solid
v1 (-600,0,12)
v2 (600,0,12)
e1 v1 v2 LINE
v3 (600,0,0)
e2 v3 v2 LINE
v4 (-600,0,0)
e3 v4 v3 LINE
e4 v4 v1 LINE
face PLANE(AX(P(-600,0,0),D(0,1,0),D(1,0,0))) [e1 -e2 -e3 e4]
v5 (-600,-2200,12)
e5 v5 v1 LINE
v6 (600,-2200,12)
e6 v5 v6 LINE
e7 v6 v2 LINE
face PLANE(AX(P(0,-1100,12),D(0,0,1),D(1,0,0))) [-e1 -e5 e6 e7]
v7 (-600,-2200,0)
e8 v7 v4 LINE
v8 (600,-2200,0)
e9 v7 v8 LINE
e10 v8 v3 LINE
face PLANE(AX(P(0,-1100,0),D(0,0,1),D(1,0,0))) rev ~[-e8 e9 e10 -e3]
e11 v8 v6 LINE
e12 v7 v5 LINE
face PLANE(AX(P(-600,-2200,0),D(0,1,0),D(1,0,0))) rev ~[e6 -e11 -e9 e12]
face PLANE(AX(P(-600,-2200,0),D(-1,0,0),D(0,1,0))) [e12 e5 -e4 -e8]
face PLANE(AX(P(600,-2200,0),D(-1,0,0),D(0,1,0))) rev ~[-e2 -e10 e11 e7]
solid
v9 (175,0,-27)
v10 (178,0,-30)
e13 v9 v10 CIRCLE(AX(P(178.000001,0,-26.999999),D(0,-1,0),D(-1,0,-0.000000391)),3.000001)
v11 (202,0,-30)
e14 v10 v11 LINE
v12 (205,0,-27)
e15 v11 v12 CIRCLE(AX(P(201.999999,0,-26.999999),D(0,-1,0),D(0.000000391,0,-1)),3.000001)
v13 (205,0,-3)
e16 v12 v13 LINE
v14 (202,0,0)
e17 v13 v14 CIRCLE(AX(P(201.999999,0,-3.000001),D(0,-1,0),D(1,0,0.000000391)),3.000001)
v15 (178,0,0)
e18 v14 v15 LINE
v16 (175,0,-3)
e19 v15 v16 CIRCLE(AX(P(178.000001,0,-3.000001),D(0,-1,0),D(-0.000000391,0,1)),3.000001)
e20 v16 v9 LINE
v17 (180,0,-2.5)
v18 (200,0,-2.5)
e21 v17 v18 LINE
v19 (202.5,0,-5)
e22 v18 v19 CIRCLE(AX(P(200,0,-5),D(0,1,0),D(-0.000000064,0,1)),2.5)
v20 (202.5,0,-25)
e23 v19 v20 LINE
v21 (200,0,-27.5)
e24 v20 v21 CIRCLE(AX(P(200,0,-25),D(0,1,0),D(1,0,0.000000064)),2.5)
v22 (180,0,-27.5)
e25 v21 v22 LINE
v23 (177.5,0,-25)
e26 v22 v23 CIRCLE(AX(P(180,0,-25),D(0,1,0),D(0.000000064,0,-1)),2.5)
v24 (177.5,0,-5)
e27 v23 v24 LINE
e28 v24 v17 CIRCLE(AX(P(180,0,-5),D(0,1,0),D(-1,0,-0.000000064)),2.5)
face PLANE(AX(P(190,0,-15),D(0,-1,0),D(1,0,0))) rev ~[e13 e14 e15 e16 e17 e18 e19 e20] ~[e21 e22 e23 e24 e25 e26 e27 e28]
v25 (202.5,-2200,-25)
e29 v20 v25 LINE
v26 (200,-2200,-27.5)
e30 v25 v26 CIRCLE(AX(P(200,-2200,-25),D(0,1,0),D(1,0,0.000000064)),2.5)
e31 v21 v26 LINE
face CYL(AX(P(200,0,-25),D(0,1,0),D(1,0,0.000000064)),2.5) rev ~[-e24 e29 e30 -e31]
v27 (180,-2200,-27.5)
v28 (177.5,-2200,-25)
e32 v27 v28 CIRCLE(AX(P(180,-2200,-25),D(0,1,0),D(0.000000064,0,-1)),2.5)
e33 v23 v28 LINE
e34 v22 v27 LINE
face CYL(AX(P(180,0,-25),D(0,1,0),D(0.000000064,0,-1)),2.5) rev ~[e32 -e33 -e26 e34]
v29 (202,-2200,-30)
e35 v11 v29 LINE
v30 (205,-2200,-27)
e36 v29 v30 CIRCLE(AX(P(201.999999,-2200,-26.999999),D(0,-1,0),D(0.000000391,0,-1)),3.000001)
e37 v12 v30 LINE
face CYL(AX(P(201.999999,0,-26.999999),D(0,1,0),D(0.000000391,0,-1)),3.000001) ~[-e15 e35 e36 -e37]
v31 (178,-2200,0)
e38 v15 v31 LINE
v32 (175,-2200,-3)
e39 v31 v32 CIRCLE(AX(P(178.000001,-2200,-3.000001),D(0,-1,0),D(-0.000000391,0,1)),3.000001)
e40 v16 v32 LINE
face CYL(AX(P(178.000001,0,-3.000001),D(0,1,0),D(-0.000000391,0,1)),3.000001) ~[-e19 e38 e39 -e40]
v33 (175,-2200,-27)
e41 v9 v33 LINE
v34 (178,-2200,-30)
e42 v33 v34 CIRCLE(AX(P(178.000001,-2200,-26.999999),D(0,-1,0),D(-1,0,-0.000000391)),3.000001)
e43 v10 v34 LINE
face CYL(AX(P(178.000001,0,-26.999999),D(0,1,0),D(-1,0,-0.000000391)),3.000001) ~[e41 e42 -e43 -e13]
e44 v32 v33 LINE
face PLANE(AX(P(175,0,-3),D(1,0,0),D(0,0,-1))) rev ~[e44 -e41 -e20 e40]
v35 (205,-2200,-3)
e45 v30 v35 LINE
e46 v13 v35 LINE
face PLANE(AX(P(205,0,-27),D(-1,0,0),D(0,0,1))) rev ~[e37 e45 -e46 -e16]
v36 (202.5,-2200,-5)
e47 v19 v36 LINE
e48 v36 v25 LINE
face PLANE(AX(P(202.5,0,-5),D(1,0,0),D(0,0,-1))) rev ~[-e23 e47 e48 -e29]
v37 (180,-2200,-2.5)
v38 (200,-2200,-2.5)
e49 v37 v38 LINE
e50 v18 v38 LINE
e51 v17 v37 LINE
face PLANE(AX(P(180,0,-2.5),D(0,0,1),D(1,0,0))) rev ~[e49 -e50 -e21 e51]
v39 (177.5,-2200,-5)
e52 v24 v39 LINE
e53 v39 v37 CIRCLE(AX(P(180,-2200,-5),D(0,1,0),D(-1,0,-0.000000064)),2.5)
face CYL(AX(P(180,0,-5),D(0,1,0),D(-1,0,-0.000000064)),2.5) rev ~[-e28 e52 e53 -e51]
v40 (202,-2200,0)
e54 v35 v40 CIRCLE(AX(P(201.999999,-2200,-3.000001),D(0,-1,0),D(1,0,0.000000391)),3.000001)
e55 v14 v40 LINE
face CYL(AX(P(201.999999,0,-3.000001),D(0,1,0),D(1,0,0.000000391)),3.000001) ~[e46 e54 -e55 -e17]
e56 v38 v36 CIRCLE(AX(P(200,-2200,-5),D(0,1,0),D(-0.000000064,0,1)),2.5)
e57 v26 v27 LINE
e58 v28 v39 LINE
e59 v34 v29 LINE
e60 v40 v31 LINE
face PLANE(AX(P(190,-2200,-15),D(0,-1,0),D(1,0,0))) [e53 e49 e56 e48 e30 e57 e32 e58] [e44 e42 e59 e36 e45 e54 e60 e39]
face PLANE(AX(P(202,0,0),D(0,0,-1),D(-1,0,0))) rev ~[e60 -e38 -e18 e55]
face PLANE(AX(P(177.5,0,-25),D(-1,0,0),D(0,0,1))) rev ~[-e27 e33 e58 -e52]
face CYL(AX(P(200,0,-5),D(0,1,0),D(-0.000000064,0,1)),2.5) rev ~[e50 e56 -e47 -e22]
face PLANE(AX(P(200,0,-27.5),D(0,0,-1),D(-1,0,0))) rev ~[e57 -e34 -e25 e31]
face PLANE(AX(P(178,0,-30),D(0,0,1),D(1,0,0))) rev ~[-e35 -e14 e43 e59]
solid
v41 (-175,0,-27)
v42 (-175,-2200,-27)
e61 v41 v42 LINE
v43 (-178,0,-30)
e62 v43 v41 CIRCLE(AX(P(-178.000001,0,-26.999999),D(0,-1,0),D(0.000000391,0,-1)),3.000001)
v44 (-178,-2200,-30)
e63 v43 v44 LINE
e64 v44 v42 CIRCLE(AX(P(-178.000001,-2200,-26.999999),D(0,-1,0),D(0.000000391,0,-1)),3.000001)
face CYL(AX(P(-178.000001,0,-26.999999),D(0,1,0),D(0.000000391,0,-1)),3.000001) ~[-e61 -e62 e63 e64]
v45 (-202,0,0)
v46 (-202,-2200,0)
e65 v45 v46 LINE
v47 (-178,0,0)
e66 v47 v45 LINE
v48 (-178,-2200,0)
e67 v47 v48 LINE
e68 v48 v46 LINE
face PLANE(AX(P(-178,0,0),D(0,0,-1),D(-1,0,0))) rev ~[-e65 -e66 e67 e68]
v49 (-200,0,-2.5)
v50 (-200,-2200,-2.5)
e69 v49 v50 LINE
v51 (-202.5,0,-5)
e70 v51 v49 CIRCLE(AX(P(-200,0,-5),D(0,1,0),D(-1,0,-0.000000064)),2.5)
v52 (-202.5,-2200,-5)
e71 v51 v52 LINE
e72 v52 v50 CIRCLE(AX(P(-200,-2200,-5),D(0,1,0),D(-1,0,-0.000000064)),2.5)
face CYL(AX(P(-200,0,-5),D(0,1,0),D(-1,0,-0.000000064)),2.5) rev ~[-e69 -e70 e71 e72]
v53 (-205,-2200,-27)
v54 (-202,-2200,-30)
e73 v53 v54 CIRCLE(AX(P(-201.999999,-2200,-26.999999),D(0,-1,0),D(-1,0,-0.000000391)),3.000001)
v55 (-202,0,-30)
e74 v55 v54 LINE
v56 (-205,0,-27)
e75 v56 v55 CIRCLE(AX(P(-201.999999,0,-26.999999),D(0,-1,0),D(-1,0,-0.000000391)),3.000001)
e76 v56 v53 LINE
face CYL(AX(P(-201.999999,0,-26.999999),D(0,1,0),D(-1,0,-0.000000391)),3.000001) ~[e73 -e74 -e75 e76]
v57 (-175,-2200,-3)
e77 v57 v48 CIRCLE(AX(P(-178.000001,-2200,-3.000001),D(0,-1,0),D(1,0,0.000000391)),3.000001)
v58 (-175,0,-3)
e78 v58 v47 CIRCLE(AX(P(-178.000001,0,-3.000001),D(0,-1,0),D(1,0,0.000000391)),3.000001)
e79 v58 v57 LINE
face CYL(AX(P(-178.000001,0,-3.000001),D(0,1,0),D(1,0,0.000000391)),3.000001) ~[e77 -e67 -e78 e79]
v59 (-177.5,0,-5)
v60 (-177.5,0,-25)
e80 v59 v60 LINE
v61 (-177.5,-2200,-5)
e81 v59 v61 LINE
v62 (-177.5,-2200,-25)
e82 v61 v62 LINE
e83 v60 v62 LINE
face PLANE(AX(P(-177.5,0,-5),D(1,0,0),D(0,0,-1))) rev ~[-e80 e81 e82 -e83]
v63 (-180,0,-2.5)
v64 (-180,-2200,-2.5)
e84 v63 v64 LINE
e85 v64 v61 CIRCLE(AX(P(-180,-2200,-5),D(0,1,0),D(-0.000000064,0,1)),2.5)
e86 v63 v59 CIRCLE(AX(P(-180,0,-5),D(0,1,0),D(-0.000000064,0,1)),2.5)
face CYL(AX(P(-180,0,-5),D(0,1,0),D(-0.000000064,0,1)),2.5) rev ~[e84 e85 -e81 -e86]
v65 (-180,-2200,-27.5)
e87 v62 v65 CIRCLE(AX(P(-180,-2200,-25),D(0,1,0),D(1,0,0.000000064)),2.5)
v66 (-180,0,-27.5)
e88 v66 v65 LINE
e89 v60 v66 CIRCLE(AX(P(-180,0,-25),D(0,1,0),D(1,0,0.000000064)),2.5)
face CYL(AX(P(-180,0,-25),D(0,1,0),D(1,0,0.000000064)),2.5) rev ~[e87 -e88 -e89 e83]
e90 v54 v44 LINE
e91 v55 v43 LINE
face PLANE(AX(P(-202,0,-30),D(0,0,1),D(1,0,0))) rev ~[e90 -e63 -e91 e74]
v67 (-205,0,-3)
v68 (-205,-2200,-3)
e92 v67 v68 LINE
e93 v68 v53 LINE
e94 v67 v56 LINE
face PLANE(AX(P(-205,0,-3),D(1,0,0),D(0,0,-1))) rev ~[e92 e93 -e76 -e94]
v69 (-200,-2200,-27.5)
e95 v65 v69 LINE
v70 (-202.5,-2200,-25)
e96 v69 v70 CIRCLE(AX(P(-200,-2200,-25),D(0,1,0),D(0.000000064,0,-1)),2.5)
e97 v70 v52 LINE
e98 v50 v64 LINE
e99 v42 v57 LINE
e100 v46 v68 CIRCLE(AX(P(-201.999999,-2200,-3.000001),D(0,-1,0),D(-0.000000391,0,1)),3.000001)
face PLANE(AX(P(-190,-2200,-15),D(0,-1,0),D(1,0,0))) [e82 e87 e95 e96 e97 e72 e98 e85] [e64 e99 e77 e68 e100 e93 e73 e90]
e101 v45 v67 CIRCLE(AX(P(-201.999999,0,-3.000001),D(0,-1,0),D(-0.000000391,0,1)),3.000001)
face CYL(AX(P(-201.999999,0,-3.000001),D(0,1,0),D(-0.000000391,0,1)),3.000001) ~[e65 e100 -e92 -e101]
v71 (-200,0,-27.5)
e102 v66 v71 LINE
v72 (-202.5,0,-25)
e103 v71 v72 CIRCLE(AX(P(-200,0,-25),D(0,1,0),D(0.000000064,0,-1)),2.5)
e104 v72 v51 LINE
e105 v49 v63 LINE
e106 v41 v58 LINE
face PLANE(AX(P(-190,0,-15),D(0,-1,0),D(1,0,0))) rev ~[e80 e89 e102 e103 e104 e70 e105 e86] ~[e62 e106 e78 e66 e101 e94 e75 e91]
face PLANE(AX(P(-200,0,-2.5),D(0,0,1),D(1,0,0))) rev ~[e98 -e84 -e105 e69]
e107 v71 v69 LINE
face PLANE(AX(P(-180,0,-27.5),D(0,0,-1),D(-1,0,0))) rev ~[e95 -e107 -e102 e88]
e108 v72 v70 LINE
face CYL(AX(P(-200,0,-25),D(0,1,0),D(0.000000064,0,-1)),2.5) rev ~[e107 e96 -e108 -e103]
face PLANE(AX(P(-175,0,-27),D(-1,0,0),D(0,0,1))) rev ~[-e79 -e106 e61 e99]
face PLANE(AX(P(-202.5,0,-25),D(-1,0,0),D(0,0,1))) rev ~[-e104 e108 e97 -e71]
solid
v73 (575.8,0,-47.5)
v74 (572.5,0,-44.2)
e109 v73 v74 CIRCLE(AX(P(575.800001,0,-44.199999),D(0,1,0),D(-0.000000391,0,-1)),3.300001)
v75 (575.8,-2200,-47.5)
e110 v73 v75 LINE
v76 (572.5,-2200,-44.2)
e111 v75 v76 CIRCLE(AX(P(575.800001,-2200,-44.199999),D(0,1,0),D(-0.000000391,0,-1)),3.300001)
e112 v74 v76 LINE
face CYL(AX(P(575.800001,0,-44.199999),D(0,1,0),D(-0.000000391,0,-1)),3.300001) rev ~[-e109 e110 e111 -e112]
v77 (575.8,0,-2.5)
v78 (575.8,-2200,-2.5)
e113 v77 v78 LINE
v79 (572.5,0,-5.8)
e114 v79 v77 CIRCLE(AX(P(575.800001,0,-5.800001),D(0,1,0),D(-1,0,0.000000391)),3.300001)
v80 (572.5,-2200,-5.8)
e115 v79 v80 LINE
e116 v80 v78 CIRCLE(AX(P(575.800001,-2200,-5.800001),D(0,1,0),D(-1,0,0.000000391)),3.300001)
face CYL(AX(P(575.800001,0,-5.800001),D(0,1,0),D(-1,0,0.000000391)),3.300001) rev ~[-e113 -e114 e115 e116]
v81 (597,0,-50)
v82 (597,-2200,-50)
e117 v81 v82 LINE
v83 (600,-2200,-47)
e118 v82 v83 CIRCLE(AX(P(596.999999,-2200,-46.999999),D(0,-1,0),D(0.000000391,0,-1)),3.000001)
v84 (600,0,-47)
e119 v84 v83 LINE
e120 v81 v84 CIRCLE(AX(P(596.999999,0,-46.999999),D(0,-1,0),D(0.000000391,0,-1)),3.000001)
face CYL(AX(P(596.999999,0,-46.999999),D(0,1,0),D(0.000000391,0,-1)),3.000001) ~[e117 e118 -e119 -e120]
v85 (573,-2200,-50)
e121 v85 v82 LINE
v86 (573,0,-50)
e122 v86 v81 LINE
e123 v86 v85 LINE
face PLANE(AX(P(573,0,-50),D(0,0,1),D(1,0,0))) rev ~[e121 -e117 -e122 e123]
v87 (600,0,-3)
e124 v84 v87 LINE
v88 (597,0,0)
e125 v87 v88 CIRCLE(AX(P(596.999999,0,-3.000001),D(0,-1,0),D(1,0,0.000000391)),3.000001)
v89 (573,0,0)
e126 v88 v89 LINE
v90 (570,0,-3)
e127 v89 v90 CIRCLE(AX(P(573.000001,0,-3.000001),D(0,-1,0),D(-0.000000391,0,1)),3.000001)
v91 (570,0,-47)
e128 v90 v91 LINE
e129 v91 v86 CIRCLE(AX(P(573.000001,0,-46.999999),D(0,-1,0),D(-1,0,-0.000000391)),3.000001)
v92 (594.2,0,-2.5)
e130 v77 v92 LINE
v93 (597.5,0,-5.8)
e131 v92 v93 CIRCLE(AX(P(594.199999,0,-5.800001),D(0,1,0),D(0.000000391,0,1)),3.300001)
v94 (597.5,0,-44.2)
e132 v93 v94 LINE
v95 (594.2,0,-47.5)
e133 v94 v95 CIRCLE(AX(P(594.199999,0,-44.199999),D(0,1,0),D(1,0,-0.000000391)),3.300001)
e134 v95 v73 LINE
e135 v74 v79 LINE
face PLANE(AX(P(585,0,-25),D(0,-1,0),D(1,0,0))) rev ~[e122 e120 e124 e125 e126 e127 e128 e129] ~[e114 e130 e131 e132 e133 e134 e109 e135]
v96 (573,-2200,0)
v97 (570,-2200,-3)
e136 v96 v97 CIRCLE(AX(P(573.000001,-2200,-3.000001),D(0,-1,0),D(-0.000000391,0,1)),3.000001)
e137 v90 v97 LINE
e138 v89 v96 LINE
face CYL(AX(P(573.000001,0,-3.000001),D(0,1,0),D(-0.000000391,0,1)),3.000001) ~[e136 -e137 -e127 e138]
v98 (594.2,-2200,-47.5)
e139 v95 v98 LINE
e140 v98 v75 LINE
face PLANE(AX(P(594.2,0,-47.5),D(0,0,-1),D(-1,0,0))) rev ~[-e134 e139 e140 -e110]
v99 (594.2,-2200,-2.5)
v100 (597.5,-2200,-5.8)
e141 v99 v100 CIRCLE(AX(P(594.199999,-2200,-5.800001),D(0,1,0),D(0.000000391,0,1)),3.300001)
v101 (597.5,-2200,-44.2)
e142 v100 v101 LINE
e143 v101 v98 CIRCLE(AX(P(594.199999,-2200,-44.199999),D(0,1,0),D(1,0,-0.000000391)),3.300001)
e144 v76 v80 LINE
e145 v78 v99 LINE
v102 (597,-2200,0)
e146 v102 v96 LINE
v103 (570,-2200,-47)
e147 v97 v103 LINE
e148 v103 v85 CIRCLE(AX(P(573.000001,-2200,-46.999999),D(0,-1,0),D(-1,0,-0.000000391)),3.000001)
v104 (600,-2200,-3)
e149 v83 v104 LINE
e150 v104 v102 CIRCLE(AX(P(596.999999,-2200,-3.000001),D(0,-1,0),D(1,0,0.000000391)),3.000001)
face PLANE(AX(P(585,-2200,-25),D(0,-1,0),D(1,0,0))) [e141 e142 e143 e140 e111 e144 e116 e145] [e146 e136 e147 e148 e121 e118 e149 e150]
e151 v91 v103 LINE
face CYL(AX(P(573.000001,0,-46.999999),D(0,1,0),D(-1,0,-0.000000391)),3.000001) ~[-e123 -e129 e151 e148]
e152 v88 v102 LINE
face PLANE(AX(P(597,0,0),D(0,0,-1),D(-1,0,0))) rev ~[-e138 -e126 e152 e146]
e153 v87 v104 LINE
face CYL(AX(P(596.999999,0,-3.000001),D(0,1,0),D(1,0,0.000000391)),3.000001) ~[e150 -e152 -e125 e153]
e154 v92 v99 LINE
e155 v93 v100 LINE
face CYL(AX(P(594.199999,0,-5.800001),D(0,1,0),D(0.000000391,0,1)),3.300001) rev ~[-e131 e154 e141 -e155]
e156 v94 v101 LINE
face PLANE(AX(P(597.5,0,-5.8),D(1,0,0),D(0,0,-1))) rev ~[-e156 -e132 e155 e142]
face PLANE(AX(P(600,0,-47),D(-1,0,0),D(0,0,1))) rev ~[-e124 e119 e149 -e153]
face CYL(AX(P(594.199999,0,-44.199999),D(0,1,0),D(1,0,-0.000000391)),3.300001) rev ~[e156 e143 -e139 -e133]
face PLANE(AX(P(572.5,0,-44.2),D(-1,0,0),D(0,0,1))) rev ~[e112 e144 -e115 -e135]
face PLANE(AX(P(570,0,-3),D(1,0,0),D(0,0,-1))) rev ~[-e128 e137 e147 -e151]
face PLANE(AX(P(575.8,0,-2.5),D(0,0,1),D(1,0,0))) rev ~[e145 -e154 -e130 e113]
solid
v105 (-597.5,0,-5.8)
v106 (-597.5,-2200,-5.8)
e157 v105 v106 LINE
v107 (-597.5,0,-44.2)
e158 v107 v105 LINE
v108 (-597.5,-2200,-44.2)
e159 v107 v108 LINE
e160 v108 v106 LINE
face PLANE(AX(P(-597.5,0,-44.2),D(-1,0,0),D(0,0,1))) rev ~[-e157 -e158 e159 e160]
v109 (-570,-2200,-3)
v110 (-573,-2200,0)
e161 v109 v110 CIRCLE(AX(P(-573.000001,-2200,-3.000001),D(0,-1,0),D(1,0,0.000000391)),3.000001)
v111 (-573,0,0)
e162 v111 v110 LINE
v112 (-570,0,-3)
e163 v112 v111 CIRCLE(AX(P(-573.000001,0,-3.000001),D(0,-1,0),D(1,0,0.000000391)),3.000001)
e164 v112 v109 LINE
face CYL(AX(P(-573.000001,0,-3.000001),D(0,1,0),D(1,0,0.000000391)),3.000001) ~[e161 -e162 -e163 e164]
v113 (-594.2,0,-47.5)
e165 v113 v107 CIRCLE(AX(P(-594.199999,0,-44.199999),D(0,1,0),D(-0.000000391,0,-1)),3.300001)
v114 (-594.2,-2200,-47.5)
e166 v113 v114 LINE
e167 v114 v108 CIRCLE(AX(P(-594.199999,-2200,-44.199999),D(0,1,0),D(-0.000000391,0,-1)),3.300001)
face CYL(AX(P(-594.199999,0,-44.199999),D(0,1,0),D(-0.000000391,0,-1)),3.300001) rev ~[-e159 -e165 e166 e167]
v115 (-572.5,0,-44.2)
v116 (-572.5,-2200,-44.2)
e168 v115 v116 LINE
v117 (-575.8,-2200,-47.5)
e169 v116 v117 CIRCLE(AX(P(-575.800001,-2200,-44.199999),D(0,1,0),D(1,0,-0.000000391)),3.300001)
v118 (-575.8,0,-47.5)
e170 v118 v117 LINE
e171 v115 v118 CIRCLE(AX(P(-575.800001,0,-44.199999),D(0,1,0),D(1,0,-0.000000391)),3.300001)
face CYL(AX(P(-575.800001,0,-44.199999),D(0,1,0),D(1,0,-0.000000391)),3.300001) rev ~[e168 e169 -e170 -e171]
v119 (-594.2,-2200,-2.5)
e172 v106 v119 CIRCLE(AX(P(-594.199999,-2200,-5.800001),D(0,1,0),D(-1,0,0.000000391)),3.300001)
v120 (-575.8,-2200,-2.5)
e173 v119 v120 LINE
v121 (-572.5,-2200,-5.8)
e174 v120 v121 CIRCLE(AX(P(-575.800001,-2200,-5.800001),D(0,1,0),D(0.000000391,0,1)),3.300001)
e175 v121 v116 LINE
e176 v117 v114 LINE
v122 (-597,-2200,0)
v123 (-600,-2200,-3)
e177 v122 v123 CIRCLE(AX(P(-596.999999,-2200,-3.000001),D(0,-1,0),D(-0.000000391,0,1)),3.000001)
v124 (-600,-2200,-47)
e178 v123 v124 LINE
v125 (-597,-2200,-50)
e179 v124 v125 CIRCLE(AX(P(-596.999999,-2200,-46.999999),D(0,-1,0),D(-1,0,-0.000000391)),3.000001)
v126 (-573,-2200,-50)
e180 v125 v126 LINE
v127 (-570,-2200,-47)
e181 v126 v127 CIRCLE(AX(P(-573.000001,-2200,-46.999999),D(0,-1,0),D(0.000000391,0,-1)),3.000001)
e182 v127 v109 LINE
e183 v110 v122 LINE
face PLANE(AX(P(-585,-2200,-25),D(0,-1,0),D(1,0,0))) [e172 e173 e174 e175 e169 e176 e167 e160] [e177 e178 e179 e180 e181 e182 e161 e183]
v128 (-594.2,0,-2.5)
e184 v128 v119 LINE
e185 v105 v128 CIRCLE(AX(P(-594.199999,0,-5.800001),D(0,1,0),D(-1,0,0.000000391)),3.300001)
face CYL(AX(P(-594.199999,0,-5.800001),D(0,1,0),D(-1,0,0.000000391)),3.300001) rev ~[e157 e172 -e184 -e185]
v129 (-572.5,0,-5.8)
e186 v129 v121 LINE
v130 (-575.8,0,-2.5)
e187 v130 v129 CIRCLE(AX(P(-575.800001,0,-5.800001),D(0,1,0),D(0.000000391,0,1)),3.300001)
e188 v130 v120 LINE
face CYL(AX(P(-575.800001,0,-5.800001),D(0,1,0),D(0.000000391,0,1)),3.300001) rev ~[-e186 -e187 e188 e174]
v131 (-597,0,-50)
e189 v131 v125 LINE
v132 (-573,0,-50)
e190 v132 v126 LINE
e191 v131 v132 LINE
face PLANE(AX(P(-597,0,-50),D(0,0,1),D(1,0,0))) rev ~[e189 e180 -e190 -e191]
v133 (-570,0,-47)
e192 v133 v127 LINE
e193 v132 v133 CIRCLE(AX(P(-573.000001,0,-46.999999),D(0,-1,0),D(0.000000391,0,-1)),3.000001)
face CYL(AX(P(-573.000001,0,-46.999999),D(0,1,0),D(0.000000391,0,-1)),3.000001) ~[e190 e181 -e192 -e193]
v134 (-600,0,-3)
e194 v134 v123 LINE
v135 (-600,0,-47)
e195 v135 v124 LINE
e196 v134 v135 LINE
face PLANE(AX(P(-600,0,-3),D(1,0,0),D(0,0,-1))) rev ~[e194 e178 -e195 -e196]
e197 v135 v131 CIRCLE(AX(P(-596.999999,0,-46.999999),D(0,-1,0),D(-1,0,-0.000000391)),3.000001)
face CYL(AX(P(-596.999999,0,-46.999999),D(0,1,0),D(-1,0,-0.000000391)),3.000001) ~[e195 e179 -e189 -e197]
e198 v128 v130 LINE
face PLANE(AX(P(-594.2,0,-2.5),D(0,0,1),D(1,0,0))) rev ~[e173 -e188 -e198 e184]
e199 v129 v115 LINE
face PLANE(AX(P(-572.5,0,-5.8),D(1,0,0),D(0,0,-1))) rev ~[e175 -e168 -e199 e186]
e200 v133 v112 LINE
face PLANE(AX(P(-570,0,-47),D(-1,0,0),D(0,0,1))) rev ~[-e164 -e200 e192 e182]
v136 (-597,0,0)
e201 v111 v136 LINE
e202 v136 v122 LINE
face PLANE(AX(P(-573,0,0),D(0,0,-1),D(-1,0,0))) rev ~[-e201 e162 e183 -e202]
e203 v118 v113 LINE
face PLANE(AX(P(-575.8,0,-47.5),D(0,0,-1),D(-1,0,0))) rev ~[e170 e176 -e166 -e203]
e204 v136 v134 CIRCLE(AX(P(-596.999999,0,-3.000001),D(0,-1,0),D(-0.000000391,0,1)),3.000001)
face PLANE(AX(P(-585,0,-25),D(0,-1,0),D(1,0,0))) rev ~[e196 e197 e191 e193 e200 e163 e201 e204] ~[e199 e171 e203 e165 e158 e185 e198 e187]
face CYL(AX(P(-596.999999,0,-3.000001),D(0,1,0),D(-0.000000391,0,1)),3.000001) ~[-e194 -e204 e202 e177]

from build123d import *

# Parameters (mm, degrees)
F1_DEPTH = 2200
F2_W     = 1200
F2_H     = 2200
F3_DEPTH = 12


with BuildPart() as f1:
    # F0 (on Front) → F1 (new body)
    with BuildSketch(Plane.XZ):
        with BuildLine():
            ThreePointArc((-175, -3), (-175.87868, -0.87868), (-178, 0))
            Line((-178, 0), (-202, 0))
            ThreePointArc((-202, 0), (-204.12132, -0.87868), (-205, -3))
            Line((-205, -3), (-205, -27))
            ThreePointArc((-205, -27), (-204.12132, -29.12132), (-202, -30))
            Line((-202, -30), (-178, -30))
            ThreePointArc((-178, -30), (-175.87868, -29.12132), (-175, -27))
            Line((-175, -27), (-175, -3))
        make_face()
        with BuildLine():
            ThreePointArc((-180, -2.5), (-178.232233, -3.232233), (-177.5, -5))
            Line((-177.5, -5), (-177.5, -25))
            ThreePointArc((-177.5, -25), (-178.232233, -26.767767), (-180, -27.5))
            Line((-180, -27.5), (-200, -27.5))
            ThreePointArc((-200, -27.5), (-201.767767, -26.767767), (-202.5, -25))
            Line((-202.5, -25), (-202.5, -5))
            ThreePointArc((-202.5, -5), (-201.767767, -3.232233), (-200, -2.5))
            Line((-200, -2.5), (-180, -2.5))
        make_face(mode=Mode.SUBTRACT)
        with BuildLine():
            Line((-573, 0), (-597, 0))
            ThreePointArc((-597, 0), (-599.12132, -0.87868), (-600, -3))
            Line((-600, -3), (-600, -47))
            ThreePointArc((-600, -47), (-599.12132, -49.12132), (-597, -50))
            Line((-597, -50), (-573, -50))
            ThreePointArc((-573, -50), (-570.87868, -49.12132), (-570, -47))
            Line((-570, -47), (-570, -3))
            ThreePointArc((-570, -3), (-570.87868, -0.87868), (-573, 0))
        make_face()
        with BuildLine():
            ThreePointArc((-575.8, -2.5), (-573.466548, -3.466548), (-572.5, -5.8))
            Line((-572.5, -5.8), (-572.5, -44.2))
            ThreePointArc((-572.5, -44.2), (-573.466548, -46.533452), (-575.8, -47.5))
            Line((-575.8, -47.5), (-594.2, -47.5))
            ThreePointArc((-594.2, -47.5), (-596.533452, -46.533452), (-597.5, -44.2))
            Line((-597.5, -44.2), (-597.5, -5.8))
            ThreePointArc((-597.5, -5.8), (-596.533452, -3.466548), (-594.2, -2.5))
            Line((-594.2, -2.5), (-575.8, -2.5))
        make_face(mode=Mode.SUBTRACT)
        with BuildLine():
            ThreePointArc((175, -27), (175.87868, -29.12132), (178, -30))
            Line((178, -30), (202, -30))
            ThreePointArc((202, -30), (204.12132, -29.12132), (205, -27))
            Line((205, -27), (205, -3))
            ThreePointArc((205, -3), (204.12132, -0.87868), (202, 0))
            Line((202, 0), (178, 0))
            ThreePointArc((178, 0), (175.87868, -0.87868), (175, -3))
            Line((175, -3), (175, -27))
        make_face()
        with BuildLine():
            Line((202.5, -5), (202.5, -25))
            ThreePointArc((202.5, -25), (201.767767, -26.767767), (200, -27.5))
            Line((200, -27.5), (180, -27.5))
            ThreePointArc((180, -27.5), (178.232233, -26.767767), (177.5, -25))
            Line((177.5, -25), (177.5, -5))
            ThreePointArc((177.5, -5), (178.232233, -3.232233), (180, -2.5))
            Line((180, -2.5), (200, -2.5))
            ThreePointArc((200, -2.5), (201.767767, -3.232233), (202.5, -5))
        make_face(mode=Mode.SUBTRACT)
        with BuildLine():
            ThreePointArc((600, -3), (599.12132, -0.87868), (597, 0))
            Line((597, 0), (573, 0))
            ThreePointArc((573, 0), (570.87868, -0.87868), (570, -3))
            Line((570, -3), (570, -47))
            ThreePointArc((570, -47), (570.87868, -49.12132), (573, -50))
            Line((573, -50), (597, -50))
            ThreePointArc((597, -50), (599.12132, -49.12132), (600, -47))
            Line((600, -47), (600, -3))
        make_face()
        with BuildLine():
            Line((575.8, -2.5), (594.2, -2.5))
            ThreePointArc((594.2, -2.5), (596.533452, -3.466548), (597.5, -5.8))
            Line((597.5, -5.8), (597.5, -44.2))
            ThreePointArc((597.5, -44.2), (596.533452, -46.533452), (594.2, -47.5))
            Line((594.2, -47.5), (575.8, -47.5))
            ThreePointArc((575.8, -47.5), (573.466548, -46.533452), (572.5, -44.2))
            Line((572.5, -44.2), (572.5, -5.8))
            ThreePointArc((572.5, -5.8), (573.466548, -3.466548), (575.8, -2.5))
        make_face(mode=Mode.SUBTRACT)
    extrude(amount=F1_DEPTH)


with BuildPart() as f3:
    # F2 (on face) → F3 (new body)
    with BuildSketch(Plane.XY):
        with Locations((0, -1100)):
            Rectangle(F2_W, F2_H)
    extrude(amount=F3_DEPTH)


solid = Compound([f1.part, f3.part])
